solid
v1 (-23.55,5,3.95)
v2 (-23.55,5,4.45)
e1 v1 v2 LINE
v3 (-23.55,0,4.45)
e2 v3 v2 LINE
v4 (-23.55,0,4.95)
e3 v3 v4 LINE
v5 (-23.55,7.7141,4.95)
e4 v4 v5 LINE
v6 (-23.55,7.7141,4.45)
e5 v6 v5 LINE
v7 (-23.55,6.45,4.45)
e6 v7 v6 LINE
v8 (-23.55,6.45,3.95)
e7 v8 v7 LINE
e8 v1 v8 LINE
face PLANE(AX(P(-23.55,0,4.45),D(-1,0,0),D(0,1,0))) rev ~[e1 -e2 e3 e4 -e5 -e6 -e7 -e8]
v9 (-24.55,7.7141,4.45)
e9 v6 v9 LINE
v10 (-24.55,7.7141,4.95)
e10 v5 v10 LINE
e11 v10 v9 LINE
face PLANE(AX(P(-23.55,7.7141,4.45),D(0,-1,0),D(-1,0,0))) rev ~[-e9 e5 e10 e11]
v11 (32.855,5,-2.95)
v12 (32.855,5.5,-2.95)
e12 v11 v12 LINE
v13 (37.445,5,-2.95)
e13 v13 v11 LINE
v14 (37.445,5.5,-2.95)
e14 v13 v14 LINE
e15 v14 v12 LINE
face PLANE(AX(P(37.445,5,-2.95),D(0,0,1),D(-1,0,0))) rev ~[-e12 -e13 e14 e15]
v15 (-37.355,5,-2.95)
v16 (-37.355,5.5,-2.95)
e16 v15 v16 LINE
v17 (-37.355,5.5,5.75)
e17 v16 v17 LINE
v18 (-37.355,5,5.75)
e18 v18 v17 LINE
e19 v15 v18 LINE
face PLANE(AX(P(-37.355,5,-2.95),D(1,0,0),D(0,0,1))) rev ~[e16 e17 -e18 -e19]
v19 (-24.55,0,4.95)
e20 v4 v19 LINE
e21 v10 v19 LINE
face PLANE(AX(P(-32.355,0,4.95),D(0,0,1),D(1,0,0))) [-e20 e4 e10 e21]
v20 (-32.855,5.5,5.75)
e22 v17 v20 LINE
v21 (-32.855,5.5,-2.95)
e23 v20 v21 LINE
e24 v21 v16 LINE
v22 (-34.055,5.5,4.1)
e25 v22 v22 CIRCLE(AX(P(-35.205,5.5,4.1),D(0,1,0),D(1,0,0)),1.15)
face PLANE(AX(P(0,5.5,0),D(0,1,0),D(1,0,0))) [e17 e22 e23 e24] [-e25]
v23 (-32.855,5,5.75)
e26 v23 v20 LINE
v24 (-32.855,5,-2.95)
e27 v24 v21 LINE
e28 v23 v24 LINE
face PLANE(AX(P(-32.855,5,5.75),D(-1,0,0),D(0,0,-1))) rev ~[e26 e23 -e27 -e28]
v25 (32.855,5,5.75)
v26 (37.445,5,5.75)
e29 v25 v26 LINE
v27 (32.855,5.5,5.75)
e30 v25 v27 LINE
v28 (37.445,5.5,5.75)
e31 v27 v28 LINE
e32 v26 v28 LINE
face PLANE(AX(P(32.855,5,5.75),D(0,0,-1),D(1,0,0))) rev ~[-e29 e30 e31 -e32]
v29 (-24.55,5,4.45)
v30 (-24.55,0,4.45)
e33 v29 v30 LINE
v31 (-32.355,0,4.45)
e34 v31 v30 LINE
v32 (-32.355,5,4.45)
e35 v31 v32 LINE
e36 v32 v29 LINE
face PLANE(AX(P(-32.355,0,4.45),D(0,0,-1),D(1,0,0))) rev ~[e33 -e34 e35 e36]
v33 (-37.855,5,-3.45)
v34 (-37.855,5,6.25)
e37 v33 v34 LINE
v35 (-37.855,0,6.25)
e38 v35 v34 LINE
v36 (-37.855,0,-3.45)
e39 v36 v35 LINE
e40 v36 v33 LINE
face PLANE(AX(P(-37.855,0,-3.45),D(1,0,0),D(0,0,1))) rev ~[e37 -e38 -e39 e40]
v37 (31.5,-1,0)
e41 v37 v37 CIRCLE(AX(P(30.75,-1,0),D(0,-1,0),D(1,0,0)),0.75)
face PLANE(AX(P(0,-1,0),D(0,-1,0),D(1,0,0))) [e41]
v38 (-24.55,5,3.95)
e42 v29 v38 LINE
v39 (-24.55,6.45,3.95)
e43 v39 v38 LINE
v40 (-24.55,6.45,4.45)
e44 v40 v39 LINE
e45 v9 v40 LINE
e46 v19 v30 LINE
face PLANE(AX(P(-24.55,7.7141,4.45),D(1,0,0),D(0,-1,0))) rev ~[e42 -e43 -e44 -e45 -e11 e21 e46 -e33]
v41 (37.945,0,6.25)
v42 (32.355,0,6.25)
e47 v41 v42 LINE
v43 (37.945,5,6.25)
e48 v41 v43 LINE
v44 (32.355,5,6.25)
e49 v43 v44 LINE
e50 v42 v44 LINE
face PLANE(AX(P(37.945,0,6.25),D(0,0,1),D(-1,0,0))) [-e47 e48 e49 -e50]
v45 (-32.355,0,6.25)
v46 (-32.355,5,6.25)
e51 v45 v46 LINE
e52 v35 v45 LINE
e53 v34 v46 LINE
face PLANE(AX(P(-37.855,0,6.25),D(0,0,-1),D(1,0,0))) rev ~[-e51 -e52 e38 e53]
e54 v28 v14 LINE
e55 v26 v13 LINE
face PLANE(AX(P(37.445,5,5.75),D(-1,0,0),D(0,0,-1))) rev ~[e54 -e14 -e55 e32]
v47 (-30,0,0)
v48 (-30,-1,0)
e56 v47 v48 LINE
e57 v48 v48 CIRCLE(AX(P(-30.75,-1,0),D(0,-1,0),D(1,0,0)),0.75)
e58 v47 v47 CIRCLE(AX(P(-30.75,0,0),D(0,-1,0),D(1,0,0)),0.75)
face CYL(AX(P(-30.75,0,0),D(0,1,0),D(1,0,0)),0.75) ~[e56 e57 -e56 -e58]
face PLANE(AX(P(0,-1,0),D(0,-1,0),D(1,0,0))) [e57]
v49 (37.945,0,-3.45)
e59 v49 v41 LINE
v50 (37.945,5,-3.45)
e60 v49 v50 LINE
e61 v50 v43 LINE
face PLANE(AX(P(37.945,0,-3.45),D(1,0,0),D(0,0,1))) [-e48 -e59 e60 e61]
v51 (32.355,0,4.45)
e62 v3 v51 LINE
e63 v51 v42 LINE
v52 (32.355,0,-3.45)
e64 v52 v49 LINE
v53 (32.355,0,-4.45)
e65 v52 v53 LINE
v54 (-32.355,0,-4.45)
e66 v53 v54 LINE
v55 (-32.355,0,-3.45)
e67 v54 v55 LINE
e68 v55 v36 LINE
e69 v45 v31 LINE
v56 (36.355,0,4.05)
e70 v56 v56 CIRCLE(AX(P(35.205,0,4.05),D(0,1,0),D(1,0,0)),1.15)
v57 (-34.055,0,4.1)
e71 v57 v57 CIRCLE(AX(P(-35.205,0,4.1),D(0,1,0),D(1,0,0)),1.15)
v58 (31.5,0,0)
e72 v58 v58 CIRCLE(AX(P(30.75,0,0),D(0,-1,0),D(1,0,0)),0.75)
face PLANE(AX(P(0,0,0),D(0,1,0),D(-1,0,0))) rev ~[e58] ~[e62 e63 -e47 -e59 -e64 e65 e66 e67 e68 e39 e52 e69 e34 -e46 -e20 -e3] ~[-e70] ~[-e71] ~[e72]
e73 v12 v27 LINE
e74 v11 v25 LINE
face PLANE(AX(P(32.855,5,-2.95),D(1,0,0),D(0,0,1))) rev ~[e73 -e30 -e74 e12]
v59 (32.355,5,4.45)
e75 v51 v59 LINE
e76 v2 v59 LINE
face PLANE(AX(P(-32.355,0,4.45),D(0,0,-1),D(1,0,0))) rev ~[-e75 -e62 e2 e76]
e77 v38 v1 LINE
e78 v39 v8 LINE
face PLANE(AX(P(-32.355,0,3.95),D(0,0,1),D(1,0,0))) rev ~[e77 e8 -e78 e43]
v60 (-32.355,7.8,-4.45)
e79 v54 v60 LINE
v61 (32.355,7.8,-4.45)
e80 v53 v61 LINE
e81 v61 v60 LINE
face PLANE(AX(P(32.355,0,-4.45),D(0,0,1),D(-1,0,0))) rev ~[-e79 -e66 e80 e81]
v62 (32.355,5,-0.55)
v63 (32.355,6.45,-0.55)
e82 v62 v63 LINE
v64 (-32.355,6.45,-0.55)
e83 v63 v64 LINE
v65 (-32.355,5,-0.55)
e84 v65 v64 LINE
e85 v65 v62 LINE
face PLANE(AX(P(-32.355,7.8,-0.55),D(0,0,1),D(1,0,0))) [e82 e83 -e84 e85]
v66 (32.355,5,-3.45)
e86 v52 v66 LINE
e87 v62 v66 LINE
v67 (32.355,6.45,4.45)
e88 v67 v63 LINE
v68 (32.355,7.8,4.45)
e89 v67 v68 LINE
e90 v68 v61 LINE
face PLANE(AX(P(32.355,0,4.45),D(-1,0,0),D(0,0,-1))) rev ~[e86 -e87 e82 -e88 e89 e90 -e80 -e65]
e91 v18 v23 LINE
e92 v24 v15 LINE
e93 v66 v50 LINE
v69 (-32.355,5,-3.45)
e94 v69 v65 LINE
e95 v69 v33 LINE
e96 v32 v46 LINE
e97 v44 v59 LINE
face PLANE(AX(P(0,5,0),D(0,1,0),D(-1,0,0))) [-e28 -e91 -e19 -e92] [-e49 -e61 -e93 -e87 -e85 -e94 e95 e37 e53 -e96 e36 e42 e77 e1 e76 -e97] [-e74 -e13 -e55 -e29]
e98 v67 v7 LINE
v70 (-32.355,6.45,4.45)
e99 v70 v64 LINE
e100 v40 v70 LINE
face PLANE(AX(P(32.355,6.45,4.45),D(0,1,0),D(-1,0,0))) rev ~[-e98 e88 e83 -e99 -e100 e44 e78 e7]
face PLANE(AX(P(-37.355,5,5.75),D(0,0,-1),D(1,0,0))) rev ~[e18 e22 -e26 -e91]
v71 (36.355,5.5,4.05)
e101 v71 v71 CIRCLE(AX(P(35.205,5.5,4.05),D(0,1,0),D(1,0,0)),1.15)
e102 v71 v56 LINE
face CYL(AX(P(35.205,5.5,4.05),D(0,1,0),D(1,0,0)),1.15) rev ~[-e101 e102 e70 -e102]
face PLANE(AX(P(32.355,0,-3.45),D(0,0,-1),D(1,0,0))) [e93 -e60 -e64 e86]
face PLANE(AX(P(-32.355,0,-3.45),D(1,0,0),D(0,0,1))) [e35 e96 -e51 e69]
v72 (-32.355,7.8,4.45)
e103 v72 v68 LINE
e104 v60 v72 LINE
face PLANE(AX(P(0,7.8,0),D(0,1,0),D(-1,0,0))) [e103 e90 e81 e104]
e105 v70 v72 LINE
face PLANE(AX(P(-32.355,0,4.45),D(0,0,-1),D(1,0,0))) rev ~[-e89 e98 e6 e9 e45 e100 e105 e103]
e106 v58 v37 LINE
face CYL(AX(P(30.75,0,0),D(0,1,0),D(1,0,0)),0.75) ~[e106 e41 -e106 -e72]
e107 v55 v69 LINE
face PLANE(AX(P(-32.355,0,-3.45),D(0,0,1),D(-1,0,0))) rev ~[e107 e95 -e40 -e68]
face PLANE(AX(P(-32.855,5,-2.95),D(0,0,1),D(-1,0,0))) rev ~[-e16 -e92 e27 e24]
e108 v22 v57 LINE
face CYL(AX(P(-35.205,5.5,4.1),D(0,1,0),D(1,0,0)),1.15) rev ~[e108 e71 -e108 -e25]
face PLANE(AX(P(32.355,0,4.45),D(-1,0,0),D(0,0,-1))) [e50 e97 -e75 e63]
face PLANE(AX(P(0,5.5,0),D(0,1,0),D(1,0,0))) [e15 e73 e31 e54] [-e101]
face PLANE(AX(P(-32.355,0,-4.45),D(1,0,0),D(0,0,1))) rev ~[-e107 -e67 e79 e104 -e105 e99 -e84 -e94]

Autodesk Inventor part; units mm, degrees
ref_plane "YZ Plane" through (0, 0, 0) normal (1, 0, 0) x (0, 1, 0)
ref_plane "XZ Plane" through (0, 0, 0) normal (0, 1, 0) x (-1, 0, 0)
ref_plane "XY Plane" through (0, 0, 0) normal (0, 0, 1) x (1, 0, 0)
sketch "Sketch1" plane through (0, 0, 0) normal (0, 1, 0) x (-1, 0, 0)
  line L0 (32.355, 4.45) -> (-32.355, 4.45)
  line L1 (-32.355, 4.45) -> (-32.355, -4.45)
  line L2 (-32.355, -4.45) -> (32.355, -4.45)
  line L3 (32.355, -4.45) -> (32.355, 4.45)
  point P0 (0, 0)
  dimension "d0" = 64.71
  dimension "d1" = 32.355
  dimension "d2" = 8.9
  dimension "d3" = 4.45
extrude "Extrusion1" add sketch "Sketch1" along normal blind 7.8
sketch "Sketch2" plane through (0, 0, 0) normal (0, 1, 0) x (-1, 0, 0)
  line L0 (-32.355, 4.45) -> (-32.355, -4.45) projected
  line L1 (-32.355, -3.45) -> (-37.945, -3.45)
  line L2 (-37.945, -3.45) -> (-37.945, 6.25)
  line L3 (-37.945, 6.25) -> (-32.355, 6.25)
  line L4 (-32.355, 6.25) -> (-32.355, -3.45)
  line L5 (-32.355, -4.45) -> (32.355, -4.45) projected
  line L6 (32.355, -4.45) -> (32.355, 4.45) projected
  line L7 (32.355, -3.45) -> (37.855, -3.45)
  line L8 (37.855, -3.45) -> (37.855, 6.25)
  line L9 (37.855, 6.25) -> (32.355, 6.25)
  line L10 (32.355, 6.25) -> (32.355, -3.45)
  point P0 (0, 0)
  dimension "d6" = 10.7
  dimension "d7" = 5.59
  dimension "d8" = 10.7
  dimension "d9" = 5.5
  dimension "d10" = 1
  dimension "d11" = 1
extrude "Extrusion2" add sketch "Sketch2" along normal blind 5
sketch "Sketch3" plane through (-32.355, 7.8, 4.45) normal (0, 0, 1) x (1, 0, 0)
  line L0 (0, -2.8) -> (0, 0) projected
  line L1 (64.71, -7.8) -> (64.71, 0) projected
  line L2 (0, -2.8) -> (64.71, -2.8)
  line L3 (64.71, -2.8) -> (64.71, -1.35)
  line L4 (64.71, -1.35) -> (0, -1.35)
  line L5 (0, -1.35) -> (0, -2.8)
  point P0 (32.355, -7.8)
  dimension "d14" = 1.45
extrude "Extrusion3" cut sketch "Sketch3" against normal blind 5
sketch "Sketch4" plane through (0, 5, 0) normal (0, 1, 0) x (1, 0, 0)
  line L0 (32.355, -6.25) -> (37.945, -6.25) projected
  line L1 (37.945, 3.45) -> (32.355, 3.45) projected
  line L2 (37.945, -6.25) -> (32.355, -6.25)
  line L3 (32.355, -6.25) -> (32.355, 3.45)
  line L4 (32.355, 3.45) -> (37.945, 3.45)
  line L5 (37.945, 3.45) -> (37.945, -6.25)
  line L6 (-37.855, -6.25) -> (-32.355, -6.25) projected
  line L7 (-32.355, 3.45) -> (-37.855, 3.45) projected
  line L8 (-37.855, -6.25) -> (-32.355, -6.25)
  line L9 (-32.355, -6.25) -> (-32.355, 3.45)
  line L10 (-32.355, 3.45) -> (-37.855, 3.45)
  line L11 (-37.855, 3.45) -> (-37.855, -6.25)
  line L12 (-37.355, -5.75) -> (-32.855, -5.75)
  line L13 (-32.855, -5.75) -> (-32.855, 2.95)
  line L14 (-32.855, 2.95) -> (-37.355, 2.95)
  line L15 (-37.355, 2.95) -> (-37.355, -5.75)
  line L16 (32.855, -5.75) -> (37.445, -5.75)
  line L17 (37.445, -5.75) -> (37.445, 2.95)
  line L18 (37.445, 2.95) -> (32.855, 2.95)
  line L19 (32.855, 2.95) -> (32.855, -5.75)
  point P0 (0, 0)
  dimension "d17" = 0.5
  dimension "d18" = 0.5
extrude "Extrusion4" add sketch "Sketch4" along normal blind 0.5 contours L15 L14 L13 L12 | L19 L18 L17 L16
sketch "Sketch5" plane through (0, 5.5, 0) normal (0, 1, 0) x (1, 0, 0)
  circle A0 centre (35.205, -4.05) radius 1.15
  circle A1 centre (-35.205, -4.1) radius 1.15
  point P0 (0, 0)
  dimension "d21" = 4.1
  dimension "d22" = 4.05
  dimension "d23" = 70.41
  dimension "d24" = 35.205
  dimension "d35" = 2.3
  dimension "d36" = 2.3
extrude "Extrusion5" cut sketch "Sketch5" against normal through all
sketch "Sketch6" plane through (0, 0, 0) normal (0, -1, 0) x (1, 0, 0)
  circle A0 centre (30.75, 0) radius 0.75
  circle A1 centre (-30.75, 0) radius 0.75
  point P0 (0, 0)
  dimension "d27" = 61.5
  dimension "d28" = 30.75
  dimension "d29" = 1.5
  dimension "d30" = 1.5
  dimension "d33" = 0
  dimension "d34" = 0
extrude "Extrusion6" add sketch "Sketch6" along normal blind 1
sketch "Sketch7" plane through (-32.355, 0, 4.45) normal (0, 0, 1) x (1, 0, 0)
  line L0 (64.71, 0) -> (0, 0) projected
  line L1 (7.805, 0) -> (8.805, 0)
  line L2 (8.805, 0) -> (8.805, 7.7141)
  line L3 (8.805, 7.7141) -> (7.805, 7.7141)
  line L4 (7.805, 7.7141) -> (7.805, 0)
  point P0 (32.355, 0)
  dimension "d37" = 1
  dimension "d38" = 23.55
extrude "Extrusion7" add sketch "Sketch7" along normal mid plane 1
properties part number "QSevenConnector"
